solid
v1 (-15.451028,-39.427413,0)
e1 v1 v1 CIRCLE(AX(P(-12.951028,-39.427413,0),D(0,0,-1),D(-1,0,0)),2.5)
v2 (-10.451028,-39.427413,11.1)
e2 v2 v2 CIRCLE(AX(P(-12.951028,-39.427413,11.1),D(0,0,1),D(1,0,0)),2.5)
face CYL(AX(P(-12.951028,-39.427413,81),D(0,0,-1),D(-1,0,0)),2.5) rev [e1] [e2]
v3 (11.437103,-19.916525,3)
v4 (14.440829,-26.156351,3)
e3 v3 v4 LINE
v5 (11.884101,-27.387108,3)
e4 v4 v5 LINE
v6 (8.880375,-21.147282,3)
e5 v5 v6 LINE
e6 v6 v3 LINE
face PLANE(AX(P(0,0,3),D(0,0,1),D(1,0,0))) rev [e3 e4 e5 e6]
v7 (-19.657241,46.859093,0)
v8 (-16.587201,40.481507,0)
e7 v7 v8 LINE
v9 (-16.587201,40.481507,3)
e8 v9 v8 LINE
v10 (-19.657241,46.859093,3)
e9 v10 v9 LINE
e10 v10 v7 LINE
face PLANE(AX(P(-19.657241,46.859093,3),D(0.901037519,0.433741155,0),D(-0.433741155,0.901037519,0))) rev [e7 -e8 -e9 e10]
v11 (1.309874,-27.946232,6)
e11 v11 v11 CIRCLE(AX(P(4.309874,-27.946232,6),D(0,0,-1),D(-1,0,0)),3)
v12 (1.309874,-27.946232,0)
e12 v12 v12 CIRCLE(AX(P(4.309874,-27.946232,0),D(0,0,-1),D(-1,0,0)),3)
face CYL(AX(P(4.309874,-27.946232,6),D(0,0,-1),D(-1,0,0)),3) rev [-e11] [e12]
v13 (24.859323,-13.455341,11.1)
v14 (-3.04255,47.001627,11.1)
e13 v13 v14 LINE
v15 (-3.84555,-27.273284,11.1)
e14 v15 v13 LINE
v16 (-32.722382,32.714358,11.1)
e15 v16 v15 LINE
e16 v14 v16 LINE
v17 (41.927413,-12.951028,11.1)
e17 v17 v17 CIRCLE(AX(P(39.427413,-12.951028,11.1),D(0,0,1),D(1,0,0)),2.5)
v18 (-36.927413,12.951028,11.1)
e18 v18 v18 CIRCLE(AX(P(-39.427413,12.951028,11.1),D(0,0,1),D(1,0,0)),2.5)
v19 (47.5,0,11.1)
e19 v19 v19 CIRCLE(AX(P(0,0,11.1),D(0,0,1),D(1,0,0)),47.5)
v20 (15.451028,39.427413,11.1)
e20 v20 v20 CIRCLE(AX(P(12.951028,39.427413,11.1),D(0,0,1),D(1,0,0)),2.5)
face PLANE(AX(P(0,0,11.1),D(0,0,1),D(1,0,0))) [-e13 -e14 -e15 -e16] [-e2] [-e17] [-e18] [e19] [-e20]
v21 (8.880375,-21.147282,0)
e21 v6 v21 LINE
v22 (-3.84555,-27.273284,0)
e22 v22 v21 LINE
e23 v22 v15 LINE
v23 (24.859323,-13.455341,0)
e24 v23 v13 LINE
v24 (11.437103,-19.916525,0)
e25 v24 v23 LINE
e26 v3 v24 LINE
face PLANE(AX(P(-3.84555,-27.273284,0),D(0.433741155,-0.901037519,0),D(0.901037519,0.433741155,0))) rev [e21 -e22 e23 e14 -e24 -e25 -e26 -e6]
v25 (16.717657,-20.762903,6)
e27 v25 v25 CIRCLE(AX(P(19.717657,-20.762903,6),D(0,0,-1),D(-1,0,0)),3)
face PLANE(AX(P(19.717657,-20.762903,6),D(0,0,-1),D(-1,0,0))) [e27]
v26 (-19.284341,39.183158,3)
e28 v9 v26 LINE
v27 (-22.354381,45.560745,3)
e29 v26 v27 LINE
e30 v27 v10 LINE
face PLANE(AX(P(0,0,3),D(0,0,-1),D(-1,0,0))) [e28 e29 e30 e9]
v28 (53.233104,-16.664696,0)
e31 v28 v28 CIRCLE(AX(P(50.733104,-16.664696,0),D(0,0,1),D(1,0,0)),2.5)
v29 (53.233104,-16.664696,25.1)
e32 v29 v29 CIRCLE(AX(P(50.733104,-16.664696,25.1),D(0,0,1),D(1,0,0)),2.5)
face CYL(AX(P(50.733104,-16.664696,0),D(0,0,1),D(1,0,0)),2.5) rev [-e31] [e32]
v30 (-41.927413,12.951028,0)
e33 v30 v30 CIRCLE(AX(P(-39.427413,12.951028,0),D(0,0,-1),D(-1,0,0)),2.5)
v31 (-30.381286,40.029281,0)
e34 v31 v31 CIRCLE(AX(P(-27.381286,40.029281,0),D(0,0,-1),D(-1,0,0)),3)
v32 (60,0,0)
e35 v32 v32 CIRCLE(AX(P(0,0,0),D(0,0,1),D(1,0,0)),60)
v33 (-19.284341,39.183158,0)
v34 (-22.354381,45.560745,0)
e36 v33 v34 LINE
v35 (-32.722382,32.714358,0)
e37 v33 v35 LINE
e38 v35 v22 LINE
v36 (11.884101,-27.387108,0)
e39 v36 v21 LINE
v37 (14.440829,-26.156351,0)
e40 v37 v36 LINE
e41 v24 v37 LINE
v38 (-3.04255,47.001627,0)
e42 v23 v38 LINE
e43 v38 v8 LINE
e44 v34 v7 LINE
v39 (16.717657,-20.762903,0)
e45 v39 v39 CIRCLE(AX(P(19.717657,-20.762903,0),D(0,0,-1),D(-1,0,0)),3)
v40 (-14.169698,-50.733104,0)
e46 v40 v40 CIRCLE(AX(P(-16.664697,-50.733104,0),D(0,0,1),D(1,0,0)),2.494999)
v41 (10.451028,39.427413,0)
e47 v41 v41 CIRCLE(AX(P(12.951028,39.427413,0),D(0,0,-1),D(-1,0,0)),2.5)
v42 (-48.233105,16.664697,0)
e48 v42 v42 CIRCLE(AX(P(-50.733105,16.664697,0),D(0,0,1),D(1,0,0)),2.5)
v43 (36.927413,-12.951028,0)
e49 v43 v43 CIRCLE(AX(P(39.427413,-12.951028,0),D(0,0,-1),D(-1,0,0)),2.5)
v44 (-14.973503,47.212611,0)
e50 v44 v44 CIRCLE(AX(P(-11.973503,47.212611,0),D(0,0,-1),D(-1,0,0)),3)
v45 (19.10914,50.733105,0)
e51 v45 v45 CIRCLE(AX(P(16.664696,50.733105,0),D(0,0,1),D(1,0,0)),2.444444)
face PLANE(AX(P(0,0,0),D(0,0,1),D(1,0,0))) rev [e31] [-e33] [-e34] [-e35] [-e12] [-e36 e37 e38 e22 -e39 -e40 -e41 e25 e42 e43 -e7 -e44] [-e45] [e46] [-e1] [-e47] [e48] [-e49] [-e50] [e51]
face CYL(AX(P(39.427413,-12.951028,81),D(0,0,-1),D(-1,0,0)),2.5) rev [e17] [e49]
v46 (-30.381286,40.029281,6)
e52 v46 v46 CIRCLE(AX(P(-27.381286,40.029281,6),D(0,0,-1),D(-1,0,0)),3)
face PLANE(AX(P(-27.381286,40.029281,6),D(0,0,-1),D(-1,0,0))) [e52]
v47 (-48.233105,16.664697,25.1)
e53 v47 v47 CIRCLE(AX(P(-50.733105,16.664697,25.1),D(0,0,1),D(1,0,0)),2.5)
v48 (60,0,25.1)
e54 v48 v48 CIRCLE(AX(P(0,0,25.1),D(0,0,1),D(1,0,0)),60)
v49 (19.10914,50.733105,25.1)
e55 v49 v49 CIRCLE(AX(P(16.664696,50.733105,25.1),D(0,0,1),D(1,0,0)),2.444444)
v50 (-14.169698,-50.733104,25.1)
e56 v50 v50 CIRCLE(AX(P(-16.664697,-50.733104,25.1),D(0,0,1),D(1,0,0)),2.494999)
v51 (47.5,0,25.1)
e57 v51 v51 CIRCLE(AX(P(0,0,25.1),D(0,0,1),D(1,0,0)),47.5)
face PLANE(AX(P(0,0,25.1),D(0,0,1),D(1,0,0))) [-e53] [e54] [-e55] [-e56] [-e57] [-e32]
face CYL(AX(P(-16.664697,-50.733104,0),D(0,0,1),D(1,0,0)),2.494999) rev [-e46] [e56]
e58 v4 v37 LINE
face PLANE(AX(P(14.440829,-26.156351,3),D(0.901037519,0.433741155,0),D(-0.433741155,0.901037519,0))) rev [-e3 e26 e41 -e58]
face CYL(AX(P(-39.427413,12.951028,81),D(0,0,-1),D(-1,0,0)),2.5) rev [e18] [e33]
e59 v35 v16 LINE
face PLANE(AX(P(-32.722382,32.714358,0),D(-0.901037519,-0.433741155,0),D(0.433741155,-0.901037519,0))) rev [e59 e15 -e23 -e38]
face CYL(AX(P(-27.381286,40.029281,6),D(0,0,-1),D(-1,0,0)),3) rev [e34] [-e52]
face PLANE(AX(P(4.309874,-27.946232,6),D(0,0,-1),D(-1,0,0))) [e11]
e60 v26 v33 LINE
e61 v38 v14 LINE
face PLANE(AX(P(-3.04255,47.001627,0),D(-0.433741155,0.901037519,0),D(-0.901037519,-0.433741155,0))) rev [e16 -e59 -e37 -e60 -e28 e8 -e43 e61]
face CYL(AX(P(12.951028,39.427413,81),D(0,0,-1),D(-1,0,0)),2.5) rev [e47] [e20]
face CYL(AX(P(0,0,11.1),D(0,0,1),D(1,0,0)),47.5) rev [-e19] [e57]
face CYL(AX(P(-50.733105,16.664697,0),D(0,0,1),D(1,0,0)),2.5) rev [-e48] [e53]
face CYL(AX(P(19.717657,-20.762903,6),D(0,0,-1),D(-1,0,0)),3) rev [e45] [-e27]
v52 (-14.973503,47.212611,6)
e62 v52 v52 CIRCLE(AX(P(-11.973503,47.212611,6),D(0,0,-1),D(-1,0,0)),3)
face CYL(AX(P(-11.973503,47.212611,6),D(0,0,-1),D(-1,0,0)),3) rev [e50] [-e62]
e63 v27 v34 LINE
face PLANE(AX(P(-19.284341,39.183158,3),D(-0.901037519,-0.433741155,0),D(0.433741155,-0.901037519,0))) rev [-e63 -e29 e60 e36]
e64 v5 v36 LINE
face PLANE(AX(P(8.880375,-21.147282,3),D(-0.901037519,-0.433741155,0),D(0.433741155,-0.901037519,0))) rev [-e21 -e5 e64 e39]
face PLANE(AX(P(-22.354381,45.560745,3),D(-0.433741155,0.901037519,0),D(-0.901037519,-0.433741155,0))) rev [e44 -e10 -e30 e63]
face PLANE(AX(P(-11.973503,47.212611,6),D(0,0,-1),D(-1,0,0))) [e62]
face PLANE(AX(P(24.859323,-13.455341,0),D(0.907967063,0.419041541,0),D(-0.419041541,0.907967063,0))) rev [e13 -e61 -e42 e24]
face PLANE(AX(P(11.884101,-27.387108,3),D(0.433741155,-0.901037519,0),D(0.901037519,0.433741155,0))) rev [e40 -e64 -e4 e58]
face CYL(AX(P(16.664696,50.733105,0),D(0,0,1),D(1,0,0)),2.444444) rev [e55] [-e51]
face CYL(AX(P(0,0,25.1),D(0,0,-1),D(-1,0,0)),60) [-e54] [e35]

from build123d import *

# Parameters (mm, degrees)
SKETCH1_R               = 60
BOSS_EXTRUDE1_DEPTH     = 25.1
SKETCH3_R               = 47.5
CUT_EXTRUDE2_DEPTH      = 14
CUT_EXTRUDE5_DEPTH      = 89.487343728
CUT_EXTRUDE5_DEPTH_BACK = 89.487343728
SKETCH2_R               = 2.494998654
SKETCH2_R_2             = 2.5
SKETCH2_R_3             = 2.444443829
SKETCH6_R               = 3
CUT_EXTRUDE6_DEPTH      = 6
CUT_EXTRUDE7_DEPTH      = 87
CUT_EXTRUDE7_DEPTH_BACK = 87
SKETCH8_R               = 2.5
CUT_EXTRUDE8_DEPTH      = 81
CUT_EXTRUDE9_DEPTH      = 3


with BuildPart() as part:
    # Sketch1 → Boss-Extrude1 (new body)
    with BuildSketch(Plane.XY):
        Circle(SKETCH1_R)
    extrude(amount=BOSS_EXTRUDE1_DEPTH)

    # Sketch3 → Cut-Extrude2 (cut)
    with BuildSketch(Plane.XY.offset(25.1)):
        Circle(SKETCH3_R)
    extrude(amount=-CUT_EXTRUDE2_DEPTH, mode=Mode.SUBTRACT)

    # Sketch2 → Cut-Extrude5 (cut, two sides: drawn at the far end of the back side and taken through both)
    with BuildSketch(Plane.XY.offset(25.1).offset(-CUT_EXTRUDE5_DEPTH_BACK)):
        with Locations((-16.664697145, -50.733104448)):
            Circle(SKETCH2_R)
        with Locations((-50.733105114, 16.664696544)):
            Circle(SKETCH2_R_2)
        with Locations((16.664695878, 50.733104512)):
            Circle(SKETCH2_R_3)
        with Locations((50.733103846, -16.66469648)):
            Circle(SKETCH2_R_2)
    extrude(amount=CUT_EXTRUDE5_DEPTH + CUT_EXTRUDE5_DEPTH_BACK, mode=Mode.SUBTRACT)

    # Sketch6 → Cut-Extrude6 (cut)
    with BuildSketch(Plane(origin=(0, 0, 0), x_dir=(-1, 0, 0), z_dir=(0, 0, -1))):
        with Locations((11.973502988, 47.212610548)):
            Circle(SKETCH6_R)
        with Locations((27.381285989, 40.029281029)):
            Circle(SKETCH6_R)
        with Locations((-19.717656658, -20.762902692)):
            Circle(SKETCH6_R)
        with Locations((-4.309873657, -27.946232212)):
            Circle(SKETCH6_R)
    extrude(amount=-CUT_EXTRUDE6_DEPTH, mode=Mode.SUBTRACT)

    # Sketch7 → Cut-Extrude7 (cut, two sides: drawn at the far end of the back side and taken through both)
    with BuildSketch(Plane.XY.offset(11.1).offset(-CUT_EXTRUDE7_DEPTH_BACK)):
        Polygon((-32.722381774, 32.714358343), (-3.845549598, -27.273283804), (24.859322702, -13.455341469), (-3.0425496, 47.001626555), align=None)
    extrude(amount=CUT_EXTRUDE7_DEPTH + CUT_EXTRUDE7_DEPTH_BACK, mode=Mode.SUBTRACT)

    # Sketch8 → Cut-Extrude8 (cut)
    with BuildSketch(Plane(origin=(0, 0, 0), x_dir=(-1, 0, 0), z_dir=(0, 0, -1))):
        with Locations((-39.427412605, -12.951028347)):
            Circle(SKETCH8_R)
        with Locations((-12.951028347, 39.427412605)):
            Circle(SKETCH8_R)
        with Locations((39.427412605, 12.951028347)):
            Circle(SKETCH8_R)
        with Locations((12.951028347, -39.427412605)):
            Circle(SKETCH8_R)
    extrude(amount=-CUT_EXTRUDE8_DEPTH, mode=Mode.SUBTRACT)

    # Sketch9 → Cut-Extrude9 (cut)
    with BuildSketch(Plane(origin=(0, 0, 0), x_dir=(-1, 0, 0), z_dir=(0, 0, -1))):
        Polygon((-8.880375106, -21.147282201), (-11.884100541, -27.387108141), (-14.440828659, -26.156351169), (-11.437103225, -19.916525229), align=None)
        Polygon((19.284340571, 39.183158361), (22.354381036, 45.560744644), (19.657241196, 46.859092966), (16.587200731, 40.481506683), align=None)
    extrude(amount=-CUT_EXTRUDE9_DEPTH, mode=Mode.SUBTRACT)


solid = part.part
